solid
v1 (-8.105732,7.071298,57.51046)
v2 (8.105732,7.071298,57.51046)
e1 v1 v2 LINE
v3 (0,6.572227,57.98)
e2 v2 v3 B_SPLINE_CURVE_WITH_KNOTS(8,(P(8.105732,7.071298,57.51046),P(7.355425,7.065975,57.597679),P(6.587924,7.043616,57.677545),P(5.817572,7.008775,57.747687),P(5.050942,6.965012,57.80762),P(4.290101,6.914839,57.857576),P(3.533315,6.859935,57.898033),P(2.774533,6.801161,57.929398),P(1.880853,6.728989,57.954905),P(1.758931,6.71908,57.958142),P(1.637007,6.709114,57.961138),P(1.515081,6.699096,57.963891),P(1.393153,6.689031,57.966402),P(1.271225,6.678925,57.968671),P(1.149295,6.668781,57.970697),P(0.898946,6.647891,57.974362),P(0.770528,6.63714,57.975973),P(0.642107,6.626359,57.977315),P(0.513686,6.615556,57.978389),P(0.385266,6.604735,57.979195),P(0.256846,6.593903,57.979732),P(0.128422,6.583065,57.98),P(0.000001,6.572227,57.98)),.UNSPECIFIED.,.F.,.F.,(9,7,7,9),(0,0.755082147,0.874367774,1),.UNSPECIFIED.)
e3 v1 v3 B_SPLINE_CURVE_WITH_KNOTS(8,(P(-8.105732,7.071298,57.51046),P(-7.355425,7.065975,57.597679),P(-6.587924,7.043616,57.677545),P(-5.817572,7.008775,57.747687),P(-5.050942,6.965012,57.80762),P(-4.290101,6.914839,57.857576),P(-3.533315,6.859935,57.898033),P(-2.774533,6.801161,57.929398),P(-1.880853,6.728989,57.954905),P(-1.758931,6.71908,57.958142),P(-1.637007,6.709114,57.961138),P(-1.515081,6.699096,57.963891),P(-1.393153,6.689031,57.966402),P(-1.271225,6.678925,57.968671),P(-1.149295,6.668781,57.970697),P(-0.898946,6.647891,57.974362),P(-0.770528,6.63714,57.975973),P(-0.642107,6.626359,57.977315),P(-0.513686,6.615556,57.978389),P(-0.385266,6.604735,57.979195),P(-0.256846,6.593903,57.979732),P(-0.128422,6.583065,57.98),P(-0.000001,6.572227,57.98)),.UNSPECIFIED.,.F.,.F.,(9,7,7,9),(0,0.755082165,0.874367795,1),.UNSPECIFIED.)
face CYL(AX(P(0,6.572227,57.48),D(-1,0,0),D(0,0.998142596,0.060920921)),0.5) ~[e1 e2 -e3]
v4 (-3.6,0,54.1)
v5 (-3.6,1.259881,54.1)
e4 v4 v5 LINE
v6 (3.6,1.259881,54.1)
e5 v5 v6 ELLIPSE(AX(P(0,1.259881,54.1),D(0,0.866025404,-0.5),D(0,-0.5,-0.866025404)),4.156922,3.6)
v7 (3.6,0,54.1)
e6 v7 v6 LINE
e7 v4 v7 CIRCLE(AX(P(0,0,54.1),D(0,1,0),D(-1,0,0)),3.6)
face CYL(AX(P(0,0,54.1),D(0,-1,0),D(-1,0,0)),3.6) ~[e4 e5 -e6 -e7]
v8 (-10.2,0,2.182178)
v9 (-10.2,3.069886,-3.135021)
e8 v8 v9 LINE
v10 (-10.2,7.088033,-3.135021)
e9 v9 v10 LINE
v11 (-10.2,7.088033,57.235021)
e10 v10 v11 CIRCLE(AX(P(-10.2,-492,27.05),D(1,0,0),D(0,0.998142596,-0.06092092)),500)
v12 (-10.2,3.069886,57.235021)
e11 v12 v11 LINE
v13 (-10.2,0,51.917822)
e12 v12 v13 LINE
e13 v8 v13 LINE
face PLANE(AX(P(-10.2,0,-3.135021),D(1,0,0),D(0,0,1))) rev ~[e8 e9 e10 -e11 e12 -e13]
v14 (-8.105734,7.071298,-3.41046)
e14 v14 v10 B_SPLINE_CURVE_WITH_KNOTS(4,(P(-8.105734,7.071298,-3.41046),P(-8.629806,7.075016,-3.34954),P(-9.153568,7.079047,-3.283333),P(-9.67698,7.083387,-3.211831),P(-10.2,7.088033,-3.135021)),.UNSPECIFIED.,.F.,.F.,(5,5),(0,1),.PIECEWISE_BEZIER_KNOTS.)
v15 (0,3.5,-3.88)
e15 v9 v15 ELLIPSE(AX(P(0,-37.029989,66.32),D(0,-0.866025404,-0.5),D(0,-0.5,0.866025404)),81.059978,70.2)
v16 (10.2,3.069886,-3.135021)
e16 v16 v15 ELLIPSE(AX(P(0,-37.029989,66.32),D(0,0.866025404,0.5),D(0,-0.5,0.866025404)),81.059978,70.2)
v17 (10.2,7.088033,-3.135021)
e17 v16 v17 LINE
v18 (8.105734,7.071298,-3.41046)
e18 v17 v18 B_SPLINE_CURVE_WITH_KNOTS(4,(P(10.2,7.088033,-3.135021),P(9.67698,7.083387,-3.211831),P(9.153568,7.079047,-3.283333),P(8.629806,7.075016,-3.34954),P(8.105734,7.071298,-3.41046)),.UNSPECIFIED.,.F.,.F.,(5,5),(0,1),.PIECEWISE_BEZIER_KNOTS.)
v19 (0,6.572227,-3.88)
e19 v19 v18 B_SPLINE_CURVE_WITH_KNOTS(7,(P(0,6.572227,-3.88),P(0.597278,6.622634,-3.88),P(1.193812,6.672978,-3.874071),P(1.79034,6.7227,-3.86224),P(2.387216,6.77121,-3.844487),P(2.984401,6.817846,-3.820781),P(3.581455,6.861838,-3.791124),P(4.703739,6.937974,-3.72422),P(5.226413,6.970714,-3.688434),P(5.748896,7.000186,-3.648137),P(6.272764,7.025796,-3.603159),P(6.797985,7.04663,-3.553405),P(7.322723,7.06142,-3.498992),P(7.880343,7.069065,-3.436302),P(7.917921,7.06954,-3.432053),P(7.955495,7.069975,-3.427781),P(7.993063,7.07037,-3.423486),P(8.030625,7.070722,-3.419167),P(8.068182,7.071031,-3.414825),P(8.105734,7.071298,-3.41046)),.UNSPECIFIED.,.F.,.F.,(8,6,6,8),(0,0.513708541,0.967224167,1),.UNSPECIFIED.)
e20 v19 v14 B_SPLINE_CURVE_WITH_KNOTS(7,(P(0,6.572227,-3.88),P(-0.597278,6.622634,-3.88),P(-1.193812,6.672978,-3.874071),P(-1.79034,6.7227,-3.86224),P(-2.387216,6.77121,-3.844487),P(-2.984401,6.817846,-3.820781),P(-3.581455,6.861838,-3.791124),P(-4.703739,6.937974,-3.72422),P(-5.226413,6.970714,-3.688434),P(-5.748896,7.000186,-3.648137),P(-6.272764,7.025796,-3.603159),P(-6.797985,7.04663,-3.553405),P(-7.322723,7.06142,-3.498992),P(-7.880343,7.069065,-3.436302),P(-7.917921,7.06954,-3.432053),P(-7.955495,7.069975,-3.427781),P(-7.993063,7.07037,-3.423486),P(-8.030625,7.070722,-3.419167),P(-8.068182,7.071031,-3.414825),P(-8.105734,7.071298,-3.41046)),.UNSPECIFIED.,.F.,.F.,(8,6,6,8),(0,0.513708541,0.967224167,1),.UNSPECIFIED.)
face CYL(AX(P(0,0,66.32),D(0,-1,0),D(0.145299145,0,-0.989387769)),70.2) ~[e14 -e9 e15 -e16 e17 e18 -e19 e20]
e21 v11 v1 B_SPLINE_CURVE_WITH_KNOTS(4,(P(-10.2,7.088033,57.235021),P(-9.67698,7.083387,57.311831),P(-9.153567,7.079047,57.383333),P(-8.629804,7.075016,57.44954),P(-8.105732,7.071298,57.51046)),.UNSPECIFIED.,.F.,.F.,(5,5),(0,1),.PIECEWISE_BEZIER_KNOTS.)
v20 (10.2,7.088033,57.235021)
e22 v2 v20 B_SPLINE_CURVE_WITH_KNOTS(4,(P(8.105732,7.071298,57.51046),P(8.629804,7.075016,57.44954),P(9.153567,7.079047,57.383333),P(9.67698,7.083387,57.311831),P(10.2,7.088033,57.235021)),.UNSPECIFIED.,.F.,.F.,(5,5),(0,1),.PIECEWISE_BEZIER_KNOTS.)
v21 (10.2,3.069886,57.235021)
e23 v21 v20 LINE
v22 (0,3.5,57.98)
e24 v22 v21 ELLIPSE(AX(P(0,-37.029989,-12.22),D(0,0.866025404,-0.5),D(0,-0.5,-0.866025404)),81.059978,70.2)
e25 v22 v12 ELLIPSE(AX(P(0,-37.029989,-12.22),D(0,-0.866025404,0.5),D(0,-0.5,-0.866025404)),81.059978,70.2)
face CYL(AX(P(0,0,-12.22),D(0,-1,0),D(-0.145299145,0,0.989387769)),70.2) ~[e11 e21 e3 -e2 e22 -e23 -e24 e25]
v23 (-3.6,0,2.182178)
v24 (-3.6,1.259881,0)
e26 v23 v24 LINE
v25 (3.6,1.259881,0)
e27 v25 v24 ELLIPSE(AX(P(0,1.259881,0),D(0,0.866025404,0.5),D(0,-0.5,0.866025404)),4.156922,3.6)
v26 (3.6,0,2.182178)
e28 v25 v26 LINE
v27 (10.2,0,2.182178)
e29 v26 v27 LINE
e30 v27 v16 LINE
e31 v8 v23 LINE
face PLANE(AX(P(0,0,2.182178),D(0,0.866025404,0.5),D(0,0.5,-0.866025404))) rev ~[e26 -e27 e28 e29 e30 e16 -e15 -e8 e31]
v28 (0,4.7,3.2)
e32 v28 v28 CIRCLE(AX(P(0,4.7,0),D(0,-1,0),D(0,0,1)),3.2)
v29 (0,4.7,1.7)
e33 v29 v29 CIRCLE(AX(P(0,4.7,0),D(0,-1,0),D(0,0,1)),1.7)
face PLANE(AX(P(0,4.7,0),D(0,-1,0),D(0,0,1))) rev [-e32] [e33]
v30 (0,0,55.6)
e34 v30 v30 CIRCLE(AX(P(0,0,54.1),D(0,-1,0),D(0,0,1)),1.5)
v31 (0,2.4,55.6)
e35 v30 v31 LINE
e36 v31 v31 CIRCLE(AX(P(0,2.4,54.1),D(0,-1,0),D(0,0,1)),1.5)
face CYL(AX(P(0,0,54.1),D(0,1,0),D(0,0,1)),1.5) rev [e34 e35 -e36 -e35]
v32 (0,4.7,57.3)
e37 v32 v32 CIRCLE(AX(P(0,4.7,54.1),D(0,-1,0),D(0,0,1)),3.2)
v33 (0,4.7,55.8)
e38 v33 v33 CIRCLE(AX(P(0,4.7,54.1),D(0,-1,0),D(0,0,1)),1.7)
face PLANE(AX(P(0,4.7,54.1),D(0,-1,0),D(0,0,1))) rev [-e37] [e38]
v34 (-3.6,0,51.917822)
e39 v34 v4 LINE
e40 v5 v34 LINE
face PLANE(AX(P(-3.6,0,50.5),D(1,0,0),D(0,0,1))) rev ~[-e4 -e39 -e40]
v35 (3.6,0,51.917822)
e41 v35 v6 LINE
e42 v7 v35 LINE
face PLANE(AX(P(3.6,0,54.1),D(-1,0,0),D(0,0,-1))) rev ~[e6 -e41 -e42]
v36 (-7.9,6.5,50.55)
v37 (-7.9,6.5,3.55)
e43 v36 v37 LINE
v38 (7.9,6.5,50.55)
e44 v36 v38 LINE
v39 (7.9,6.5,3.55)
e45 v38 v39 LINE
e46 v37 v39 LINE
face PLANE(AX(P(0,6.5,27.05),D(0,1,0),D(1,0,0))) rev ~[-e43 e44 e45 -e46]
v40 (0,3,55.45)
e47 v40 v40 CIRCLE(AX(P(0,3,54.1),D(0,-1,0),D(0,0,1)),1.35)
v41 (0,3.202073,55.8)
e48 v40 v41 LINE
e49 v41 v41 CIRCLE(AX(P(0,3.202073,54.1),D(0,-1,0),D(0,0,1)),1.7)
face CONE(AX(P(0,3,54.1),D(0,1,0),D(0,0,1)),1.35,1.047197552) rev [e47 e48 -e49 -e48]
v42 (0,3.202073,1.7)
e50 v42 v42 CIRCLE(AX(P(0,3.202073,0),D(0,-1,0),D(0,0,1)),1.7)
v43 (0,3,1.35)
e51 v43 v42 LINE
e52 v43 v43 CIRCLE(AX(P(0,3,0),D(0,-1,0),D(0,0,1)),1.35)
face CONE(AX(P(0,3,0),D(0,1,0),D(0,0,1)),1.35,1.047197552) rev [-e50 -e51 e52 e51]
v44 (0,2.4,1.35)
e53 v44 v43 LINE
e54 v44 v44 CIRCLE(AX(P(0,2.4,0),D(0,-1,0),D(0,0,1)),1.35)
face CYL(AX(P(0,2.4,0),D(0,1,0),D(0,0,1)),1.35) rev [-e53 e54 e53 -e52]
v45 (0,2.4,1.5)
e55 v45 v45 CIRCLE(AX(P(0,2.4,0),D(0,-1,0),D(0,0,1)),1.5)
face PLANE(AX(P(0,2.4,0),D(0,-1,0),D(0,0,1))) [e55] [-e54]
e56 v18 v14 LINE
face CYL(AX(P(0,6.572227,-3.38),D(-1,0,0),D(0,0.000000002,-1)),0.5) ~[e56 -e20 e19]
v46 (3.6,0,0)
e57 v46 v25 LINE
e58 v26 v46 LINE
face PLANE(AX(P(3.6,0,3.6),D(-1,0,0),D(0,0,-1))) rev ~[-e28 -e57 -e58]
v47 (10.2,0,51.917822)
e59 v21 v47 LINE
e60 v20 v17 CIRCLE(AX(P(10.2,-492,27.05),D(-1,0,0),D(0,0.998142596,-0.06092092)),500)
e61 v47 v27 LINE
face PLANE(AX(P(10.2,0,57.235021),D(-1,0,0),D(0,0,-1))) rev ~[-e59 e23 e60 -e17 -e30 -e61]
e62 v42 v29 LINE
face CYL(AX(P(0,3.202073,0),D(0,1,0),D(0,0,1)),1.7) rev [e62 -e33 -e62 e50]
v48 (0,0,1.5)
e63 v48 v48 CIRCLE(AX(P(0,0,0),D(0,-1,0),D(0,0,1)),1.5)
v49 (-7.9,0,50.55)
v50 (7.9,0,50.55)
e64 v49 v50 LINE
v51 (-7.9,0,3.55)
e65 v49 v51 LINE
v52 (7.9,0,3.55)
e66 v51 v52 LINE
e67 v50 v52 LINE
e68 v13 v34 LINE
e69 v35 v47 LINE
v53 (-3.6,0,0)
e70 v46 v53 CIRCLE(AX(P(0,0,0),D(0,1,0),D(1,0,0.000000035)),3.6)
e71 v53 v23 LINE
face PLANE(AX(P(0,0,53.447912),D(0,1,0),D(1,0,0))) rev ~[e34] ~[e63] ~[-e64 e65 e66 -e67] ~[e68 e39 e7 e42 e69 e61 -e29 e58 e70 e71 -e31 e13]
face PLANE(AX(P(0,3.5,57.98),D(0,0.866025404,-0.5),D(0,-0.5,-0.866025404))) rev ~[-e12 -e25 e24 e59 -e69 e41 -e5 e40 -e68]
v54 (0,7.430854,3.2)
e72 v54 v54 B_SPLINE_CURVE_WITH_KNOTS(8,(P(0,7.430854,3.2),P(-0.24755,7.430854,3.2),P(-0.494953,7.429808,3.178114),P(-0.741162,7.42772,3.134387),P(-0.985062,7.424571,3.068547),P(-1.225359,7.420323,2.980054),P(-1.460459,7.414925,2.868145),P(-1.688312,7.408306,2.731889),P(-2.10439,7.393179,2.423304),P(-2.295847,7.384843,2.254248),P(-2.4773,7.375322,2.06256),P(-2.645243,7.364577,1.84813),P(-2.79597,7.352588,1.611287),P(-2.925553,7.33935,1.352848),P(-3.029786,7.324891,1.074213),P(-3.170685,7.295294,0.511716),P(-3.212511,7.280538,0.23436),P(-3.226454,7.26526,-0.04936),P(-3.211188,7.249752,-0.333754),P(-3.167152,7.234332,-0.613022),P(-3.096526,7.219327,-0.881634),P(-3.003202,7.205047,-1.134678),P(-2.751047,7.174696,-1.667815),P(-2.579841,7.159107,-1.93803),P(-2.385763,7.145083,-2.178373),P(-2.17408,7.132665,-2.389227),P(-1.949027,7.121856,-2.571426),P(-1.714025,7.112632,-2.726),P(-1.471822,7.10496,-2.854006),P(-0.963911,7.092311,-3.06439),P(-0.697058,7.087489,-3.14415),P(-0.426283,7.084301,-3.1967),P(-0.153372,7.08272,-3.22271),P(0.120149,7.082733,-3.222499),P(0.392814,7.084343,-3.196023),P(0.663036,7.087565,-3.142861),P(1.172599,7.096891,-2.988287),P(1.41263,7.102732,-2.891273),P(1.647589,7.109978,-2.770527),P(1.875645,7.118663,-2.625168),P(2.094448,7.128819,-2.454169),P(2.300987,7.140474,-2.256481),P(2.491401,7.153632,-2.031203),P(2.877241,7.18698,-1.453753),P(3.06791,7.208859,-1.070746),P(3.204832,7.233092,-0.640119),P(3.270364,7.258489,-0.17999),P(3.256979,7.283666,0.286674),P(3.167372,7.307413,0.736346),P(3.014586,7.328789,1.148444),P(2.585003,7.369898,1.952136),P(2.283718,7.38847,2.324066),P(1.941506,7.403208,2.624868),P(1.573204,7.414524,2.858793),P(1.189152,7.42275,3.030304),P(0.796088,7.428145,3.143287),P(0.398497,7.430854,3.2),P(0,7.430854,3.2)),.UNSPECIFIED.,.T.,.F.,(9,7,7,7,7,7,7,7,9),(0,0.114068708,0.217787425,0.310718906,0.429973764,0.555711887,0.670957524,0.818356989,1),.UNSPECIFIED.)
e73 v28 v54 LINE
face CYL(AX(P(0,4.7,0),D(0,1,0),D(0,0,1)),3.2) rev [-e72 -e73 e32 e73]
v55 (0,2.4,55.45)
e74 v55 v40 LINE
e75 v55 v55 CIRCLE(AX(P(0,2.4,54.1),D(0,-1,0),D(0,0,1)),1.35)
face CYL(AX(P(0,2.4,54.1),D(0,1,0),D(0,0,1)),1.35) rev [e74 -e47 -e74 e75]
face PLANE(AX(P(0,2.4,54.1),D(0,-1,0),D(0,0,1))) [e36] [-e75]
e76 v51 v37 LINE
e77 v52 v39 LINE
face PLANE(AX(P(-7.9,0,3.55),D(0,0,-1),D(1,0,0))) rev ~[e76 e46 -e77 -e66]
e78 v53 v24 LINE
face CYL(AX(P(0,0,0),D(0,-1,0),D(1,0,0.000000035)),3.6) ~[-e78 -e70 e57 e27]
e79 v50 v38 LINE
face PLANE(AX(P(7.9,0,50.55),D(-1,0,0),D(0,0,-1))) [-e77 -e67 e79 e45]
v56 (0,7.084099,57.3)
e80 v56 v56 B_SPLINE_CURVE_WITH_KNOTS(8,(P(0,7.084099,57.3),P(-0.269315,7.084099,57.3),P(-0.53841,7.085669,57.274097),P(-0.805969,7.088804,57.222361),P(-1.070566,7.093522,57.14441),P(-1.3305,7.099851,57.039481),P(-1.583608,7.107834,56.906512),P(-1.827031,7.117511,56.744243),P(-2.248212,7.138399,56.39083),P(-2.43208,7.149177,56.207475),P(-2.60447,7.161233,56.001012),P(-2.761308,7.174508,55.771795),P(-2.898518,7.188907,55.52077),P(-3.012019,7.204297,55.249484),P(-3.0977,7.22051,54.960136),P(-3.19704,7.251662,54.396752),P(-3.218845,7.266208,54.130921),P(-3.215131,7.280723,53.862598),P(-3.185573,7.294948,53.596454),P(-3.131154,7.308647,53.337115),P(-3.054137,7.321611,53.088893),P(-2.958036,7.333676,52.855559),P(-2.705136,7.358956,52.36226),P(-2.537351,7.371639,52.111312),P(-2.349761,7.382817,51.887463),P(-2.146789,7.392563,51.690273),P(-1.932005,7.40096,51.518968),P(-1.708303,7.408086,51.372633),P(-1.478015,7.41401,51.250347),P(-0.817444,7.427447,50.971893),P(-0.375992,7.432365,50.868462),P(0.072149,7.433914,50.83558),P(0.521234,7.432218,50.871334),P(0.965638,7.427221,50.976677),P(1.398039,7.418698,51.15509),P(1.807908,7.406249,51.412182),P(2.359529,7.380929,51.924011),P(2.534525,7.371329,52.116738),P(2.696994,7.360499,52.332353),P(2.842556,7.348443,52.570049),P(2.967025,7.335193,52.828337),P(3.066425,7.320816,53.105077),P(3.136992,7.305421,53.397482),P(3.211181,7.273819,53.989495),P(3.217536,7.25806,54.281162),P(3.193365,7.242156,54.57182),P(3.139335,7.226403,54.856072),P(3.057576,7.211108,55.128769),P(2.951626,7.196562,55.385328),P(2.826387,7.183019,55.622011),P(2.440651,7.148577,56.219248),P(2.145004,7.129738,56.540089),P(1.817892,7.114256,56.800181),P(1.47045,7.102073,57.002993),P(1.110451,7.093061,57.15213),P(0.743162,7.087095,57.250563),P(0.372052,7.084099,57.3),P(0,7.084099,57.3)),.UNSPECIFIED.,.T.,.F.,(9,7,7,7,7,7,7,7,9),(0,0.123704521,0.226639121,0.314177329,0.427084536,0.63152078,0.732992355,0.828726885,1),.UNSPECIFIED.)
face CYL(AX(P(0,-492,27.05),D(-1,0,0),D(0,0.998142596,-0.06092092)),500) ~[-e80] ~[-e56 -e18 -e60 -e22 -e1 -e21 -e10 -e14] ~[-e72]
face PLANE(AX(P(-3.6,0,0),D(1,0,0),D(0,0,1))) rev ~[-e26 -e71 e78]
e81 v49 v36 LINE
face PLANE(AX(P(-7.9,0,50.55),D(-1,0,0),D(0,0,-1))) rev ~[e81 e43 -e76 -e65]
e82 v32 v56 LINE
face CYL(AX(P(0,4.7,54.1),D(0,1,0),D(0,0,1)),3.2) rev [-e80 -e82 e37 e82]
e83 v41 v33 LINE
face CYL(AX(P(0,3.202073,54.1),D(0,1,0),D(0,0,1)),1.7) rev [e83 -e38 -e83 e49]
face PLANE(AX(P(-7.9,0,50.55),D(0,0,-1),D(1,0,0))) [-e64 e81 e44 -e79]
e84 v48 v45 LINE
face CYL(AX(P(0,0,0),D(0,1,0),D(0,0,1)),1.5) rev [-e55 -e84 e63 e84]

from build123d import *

# Parameters (mm, degrees)
BOSS_EXTRUDE1_DEPTH     = 10
SKETCH2_W               = 83.569070853
SKETCH2_H               = 48.012038302
CUT_EXTRUDE1_DEPTH      = 12
CUT_EXTRUDE1_DEPTH_BACK = 12
BOSS_EXTRUDE2_DEPTH     = 5
BOSS_EXTRUDE3_DEPTH     = 5
SKETCH5_W               = 15.8
SKETCH5_H               = 47
CUT_EXTRUDE2_DEPTH      = 6.5


with BuildPart() as part:
    # Sketch1 → Boss-Extrude1 (new body)
    with BuildSketch(Plane(origin=(0, 0, 0), x_dir=(1, 0, 0), z_dir=(0, 1, 0))):
        with BuildLine():
            Line((10.2, -57.235021417), (10.2, 3.135021417))
            ThreePointArc((10.2, 3.135021417), (0, 3.88), (-10.2, 3.135021417))
            Line((-10.2, 3.135021417), (-10.2, -57.235021417))
            ThreePointArc((-10.2, -57.235021417), (0, -57.98), (10.2, -57.235021417))
        make_face()
    extrude(amount=BOSS_EXTRUDE1_DEPTH)

    # Sketch2 → Cut-Extrude1 (cut, two sides)
    with BuildSketch(Plane(origin=(0, 0, 0), x_dir=(0, 0, -1), z_dir=(1, 0, 0))) as cut_extrude1_sk:
        with Locations((-26.748669216, 4)):
            Rectangle(SKETCH2_W, SKETCH2_H)
        with BuildLine():
            Line((-57.98, 6.572226563), (-57.98, 3.5))
            Line((-57.98, 3.5), (-51.917822174, 0))
            Line((-51.917822174, 0), (-2.182177826, 0))
            Line((-2.182177826, 0), (3.88, 3.5))
            Line((3.88, 3.5), (3.88, 6.572226563))
            ThreePointArc((3.88, 6.572226563), (3.7441635, 6.914841427), (3.410460219, 7.071297876))
            ThreePointArc((3.410460219, 7.071297876), (-27.050000121, 8), (-57.51046046, 7.071297861))
            ThreePointArc((-57.51046046, 7.071297861), (-57.844163583, 6.914841339), (-57.98, 6.572226563))
        make_face(mode=Mode.SUBTRACT)
    extrude(amount=CUT_EXTRUDE1_DEPTH, mode=Mode.SUBTRACT)
    extrude(cut_extrude1_sk.sketch, amount=-CUT_EXTRUDE1_DEPTH_BACK, mode=Mode.SUBTRACT)

    # Sketch3 → Boss-Extrude2 (add)
    with BuildSketch(Plane(origin=(0, 0, 0), x_dir=(1, 0, 0), z_dir=(0, 1, 0))):
        with BuildLine():
            Line((-3.6, 0), (-3.6, -3.6))
            Line((-3.6, -3.6), (3.6, -3.6))
            Line((3.6, -3.6), (3.6, 0))
            ThreePointArc((3.6, 0), (0, 3.600000126), (-3.6, 0))
        make_face()
    extrude(amount=BOSS_EXTRUDE2_DEPTH)

    # Sketch4 → Boss-Extrude3 (add)
    with BuildSketch(Plane(origin=(0, 0, 0), x_dir=(1, 0, 0), z_dir=(0, 1, 0))):
        with BuildLine():
            Line((3.6, -54.1), (3.6, -50.5))
            Line((3.6, -50.5), (-3.6, -50.5))
            Line((-3.6, -50.5), (-3.6, -54.1))
            ThreePointArc((-3.6, -54.1), (0, -57.7), (3.6, -54.1))
        make_face()
    extrude(amount=BOSS_EXTRUDE3_DEPTH)

    # Sketch5 → Cut-Extrude2 (cut)
    with BuildSketch(Plane(origin=(0, 0, 0), x_dir=(1, 0, 0), z_dir=(0, 1, 0))):
        with Locations((0, -27.05)):
            Rectangle(SKETCH5_W, SKETCH5_H)
    extrude(amount=CUT_EXTRUDE2_DEPTH, mode=Mode.SUBTRACT)

    # Sketch6 → Cut-Revolve1 (revolve, cut)
    with BuildSketch(Plane(origin=(0, 0, 0), x_dir=(0, 0, -1), z_dir=(1, 0, 0))):
        Polygon((0, 0), (-1.5, 0), (-1.5, 2.4), (-1.35, 2.4), (-1.35, 3), (-1.7, 3.202072594), (-1.7, 4.7), (-3.2, 4.7), (-3.2, 8), (0, 8), align=None)
    revolve(axis=Axis((0, 8, 0), (0, -1, 0)), mode=Mode.SUBTRACT)

    # Sketch7 → Cut-Revolve2 (revolve, cut)
    with BuildSketch(Plane(origin=(0, 0, 0), x_dir=(0, 0, -1), z_dir=(1, 0, 0))):
        Polygon((-54.1, 0), (-55.6, 0), (-55.6, 2.4), (-55.45, 2.4), (-55.45, 3), (-55.8, 3.202072594), (-55.8, 4.7), (-57.3, 4.7), (-57.3, 8), (-54.1, 8), align=None)
    revolve(axis=Axis((0, 8, 54.1), (0, -1, 0)), mode=Mode.SUBTRACT)


solid = part.part
